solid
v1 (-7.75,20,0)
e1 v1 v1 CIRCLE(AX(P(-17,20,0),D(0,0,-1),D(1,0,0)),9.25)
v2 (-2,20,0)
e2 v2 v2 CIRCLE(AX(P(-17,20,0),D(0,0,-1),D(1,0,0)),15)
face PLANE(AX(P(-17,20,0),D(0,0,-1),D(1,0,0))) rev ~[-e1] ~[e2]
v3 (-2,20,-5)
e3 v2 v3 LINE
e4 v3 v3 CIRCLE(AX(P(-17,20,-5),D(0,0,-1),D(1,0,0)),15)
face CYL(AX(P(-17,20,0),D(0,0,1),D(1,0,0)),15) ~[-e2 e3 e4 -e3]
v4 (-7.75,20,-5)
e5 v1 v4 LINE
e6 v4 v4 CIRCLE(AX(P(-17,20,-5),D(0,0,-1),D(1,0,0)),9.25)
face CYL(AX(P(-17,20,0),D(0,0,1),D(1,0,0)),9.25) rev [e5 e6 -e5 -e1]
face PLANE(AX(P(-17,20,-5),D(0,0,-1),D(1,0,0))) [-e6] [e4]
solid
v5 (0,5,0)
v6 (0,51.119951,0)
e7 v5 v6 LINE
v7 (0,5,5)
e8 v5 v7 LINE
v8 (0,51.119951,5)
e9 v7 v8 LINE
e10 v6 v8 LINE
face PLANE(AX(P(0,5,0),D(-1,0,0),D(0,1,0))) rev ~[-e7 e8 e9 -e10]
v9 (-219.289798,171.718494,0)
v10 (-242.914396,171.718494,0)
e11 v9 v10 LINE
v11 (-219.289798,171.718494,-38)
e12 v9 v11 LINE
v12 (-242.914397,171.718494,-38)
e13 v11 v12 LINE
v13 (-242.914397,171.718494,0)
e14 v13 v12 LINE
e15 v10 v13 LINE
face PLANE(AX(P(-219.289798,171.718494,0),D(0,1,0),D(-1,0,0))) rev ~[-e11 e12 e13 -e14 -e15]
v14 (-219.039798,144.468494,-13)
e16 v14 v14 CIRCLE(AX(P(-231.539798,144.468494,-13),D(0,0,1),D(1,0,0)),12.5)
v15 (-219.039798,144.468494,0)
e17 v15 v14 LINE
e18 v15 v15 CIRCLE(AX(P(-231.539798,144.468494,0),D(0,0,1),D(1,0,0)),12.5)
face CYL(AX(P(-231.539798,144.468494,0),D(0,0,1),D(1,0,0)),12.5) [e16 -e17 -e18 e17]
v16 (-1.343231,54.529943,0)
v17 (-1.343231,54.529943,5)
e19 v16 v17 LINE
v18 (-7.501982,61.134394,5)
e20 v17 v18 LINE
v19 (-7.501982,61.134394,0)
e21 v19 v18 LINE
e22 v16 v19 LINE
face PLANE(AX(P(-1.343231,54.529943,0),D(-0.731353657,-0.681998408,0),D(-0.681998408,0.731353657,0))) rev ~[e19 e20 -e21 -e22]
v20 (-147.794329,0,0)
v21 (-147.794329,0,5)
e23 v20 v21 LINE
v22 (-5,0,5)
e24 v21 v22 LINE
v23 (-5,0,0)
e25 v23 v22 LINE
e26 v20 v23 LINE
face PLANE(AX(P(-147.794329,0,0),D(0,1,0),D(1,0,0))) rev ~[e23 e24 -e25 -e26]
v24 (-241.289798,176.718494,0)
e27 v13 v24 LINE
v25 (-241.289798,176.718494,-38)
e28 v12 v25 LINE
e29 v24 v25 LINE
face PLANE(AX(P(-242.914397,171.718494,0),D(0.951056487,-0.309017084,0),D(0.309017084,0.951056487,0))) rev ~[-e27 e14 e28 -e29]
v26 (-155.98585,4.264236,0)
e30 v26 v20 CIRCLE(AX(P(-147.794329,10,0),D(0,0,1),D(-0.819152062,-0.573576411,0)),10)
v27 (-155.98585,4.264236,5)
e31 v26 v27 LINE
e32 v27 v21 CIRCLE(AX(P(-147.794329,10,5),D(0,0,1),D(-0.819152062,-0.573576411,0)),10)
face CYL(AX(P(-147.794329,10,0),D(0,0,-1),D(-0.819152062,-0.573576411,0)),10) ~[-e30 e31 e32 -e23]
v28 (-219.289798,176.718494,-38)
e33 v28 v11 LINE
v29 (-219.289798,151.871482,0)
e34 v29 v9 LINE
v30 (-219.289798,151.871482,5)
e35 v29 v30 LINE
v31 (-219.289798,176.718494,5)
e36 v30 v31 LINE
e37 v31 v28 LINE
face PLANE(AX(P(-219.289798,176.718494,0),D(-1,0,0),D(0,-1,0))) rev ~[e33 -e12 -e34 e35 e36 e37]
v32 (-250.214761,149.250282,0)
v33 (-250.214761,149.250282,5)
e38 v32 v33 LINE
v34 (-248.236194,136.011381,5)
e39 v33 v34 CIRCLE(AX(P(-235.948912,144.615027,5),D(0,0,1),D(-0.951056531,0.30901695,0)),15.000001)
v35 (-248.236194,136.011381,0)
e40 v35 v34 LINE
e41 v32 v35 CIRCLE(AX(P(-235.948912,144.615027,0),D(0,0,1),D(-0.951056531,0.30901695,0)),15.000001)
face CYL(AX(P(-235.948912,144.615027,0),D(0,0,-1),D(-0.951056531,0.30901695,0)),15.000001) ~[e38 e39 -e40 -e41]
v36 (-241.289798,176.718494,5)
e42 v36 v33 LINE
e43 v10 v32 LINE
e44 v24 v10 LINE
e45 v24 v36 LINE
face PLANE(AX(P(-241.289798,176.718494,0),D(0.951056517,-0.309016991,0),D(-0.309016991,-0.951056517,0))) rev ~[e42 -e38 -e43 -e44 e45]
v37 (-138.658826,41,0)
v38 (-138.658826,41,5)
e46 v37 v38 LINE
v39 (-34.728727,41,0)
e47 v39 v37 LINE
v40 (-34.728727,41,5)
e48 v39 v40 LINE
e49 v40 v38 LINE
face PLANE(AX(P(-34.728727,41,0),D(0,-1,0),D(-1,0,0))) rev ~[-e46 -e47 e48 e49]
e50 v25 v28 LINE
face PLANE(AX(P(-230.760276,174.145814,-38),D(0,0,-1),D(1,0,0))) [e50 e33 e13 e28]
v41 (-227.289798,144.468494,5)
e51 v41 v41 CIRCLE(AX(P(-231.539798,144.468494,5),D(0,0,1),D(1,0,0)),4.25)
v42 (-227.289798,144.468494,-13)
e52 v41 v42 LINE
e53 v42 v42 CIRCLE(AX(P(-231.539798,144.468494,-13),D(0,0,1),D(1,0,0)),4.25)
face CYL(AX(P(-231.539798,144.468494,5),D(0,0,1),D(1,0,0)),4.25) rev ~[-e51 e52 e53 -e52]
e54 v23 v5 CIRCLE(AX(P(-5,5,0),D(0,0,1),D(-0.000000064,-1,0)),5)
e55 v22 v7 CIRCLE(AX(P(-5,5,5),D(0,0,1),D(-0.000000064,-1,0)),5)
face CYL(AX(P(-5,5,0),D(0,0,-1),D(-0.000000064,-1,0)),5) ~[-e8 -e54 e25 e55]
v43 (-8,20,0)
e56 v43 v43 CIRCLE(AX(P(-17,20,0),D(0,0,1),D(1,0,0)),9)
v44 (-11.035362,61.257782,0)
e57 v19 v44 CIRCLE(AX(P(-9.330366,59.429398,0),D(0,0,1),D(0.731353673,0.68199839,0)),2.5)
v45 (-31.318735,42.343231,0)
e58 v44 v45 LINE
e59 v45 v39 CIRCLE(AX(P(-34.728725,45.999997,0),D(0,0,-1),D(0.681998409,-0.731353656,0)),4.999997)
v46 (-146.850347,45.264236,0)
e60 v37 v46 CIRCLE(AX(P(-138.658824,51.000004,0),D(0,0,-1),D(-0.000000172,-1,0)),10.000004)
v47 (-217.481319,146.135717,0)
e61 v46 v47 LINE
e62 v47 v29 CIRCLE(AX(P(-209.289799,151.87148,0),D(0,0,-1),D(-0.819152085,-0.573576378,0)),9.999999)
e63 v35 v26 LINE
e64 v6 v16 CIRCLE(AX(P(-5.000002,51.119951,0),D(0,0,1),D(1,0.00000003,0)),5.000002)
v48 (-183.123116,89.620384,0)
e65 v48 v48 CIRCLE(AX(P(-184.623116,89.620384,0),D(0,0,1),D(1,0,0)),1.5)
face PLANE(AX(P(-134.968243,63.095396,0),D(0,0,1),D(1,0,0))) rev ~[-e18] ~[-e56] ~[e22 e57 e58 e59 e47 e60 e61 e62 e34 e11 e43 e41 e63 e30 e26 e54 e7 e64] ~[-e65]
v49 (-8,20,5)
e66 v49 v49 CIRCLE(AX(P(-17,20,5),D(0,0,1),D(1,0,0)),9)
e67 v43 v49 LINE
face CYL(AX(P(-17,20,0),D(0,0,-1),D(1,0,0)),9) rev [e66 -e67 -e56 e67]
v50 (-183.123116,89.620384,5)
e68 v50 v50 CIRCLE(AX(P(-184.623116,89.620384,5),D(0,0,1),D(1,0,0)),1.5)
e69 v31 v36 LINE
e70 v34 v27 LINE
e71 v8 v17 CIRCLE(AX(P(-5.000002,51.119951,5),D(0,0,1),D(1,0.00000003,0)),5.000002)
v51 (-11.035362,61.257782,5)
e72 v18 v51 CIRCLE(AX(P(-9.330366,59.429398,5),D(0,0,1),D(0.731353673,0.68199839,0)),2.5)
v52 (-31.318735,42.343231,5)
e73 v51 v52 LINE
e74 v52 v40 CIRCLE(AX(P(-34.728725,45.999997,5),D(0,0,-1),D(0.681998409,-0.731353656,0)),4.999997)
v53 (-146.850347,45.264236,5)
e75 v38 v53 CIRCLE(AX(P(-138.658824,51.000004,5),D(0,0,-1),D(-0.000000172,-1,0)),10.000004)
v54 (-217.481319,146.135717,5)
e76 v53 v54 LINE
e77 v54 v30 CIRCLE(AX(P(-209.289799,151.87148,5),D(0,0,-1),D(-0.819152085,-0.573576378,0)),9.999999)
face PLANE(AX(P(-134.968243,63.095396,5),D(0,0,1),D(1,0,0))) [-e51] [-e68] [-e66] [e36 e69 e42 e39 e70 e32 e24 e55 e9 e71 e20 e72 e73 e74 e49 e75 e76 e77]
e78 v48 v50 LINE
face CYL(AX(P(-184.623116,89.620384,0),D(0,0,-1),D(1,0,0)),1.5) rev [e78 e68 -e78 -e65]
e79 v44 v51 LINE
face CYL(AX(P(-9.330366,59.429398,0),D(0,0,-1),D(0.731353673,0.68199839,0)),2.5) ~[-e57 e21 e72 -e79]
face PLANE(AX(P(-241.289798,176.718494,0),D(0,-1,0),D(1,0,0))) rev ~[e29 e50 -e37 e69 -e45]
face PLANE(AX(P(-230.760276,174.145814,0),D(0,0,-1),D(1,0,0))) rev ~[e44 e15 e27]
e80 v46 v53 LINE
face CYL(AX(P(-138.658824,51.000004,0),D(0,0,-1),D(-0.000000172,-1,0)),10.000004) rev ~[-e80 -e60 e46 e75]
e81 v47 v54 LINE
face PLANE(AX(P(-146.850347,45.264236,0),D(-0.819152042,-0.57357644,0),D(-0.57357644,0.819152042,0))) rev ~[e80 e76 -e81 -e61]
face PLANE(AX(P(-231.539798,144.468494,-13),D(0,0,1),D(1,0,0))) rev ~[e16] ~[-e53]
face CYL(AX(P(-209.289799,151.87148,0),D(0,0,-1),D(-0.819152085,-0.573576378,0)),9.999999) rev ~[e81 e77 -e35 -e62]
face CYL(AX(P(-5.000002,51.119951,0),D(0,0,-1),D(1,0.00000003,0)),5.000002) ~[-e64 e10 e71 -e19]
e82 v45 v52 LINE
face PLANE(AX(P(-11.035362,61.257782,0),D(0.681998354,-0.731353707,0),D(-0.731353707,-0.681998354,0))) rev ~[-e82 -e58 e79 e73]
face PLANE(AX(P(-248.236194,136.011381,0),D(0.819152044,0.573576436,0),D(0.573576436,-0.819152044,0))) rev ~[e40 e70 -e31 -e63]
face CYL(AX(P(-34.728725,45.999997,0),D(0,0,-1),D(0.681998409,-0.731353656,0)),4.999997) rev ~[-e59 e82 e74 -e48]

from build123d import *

# Parameters (mm, degrees)
F0_R     = 9
F0_R_2   = 1.5
F1_DEPTH = 5
F3_DEPTH = 38
F4_R     = 12.5
F5_DEPTH = 13
F6_R     = 4.25
F7_DEPTH = 43.001
F8_R     = 15
F8_R_2   = 9.25
F9_DEPTH = 5


with BuildPart() as f1:
    # F0 (on Top) → F1 (new body)
    with BuildSketch(Plane.XY):
        with BuildLine():
            Line((-147.794329, 0), (-5, 0))
            ThreePointArc((-5, 0), (-1.464466, 1.464466), (0, 5))
            Line((0, 5), (0, 51.119951))
            ThreePointArc((0, 51.119951), (-0.347912, 52.952457), (-1.343231, 54.529943))
            Line((-1.343231, 54.529943), (-7.501982, 61.134394))
            ThreePointArc((-7.501982, 61.134394), (-9.243117, 61.927875), (-11.035362, 61.257782))
            Line((-11.035362, 61.257782), (-31.318735, 42.343231))
            ThreePointArc((-31.318735, 42.343231), (-32.89622, 41.347912), (-34.728727, 41))
            Line((-34.728727, 41), (-138.658826, 41))
            ThreePointArc((-138.658826, 41), (-143.276312, 42.129892), (-146.850347, 45.264236))
            Line((-146.850347, 45.264236), (-217.481319, 146.135717))
            ThreePointArc((-217.481319, 146.135717), (-218.826968, 148.864424), (-219.289798, 151.871482))
            Line((-219.289798, 151.871482), (-219.289798, 176.718494))
            Line((-219.289798, 176.718494), (-241.289798, 176.718494))
            Line((-241.289798, 176.718494), (-250.214761, 149.250282))
            ThreePointArc((-250.214761, 149.250282), (-250.784151, 142.397886), (-248.236194, 136.011381))
            Line((-248.236194, 136.011381), (-155.98585, 4.264236))
            ThreePointArc((-155.98585, 4.264236), (-152.411816, 1.129892), (-147.794329, 0))
        make_face()
        with Locations((-17, 20)):
            Circle(F0_R, mode=Mode.SUBTRACT)
        with Locations((-184.623116, 89.620384)):
            Circle(F0_R_2, mode=Mode.SUBTRACT)
    extrude(amount=F1_DEPTH)

    # F2 (on face) → F3 (join)
    with BuildSketch(Plane(origin=(0, 0, 0), x_dir=(1, 0, 0), z_dir=(0, 0, -1))):
        Polygon((-242.914397, -171.718494), (-241.289798, -176.718494), (-219.289798, -176.718494), (-219.289798, -171.718494), align=None)
    extrude(amount=F3_DEPTH)

    # F4 (on face) → F5 (join)
    with BuildSketch(Plane.XY):
        with Locations((-231.539798, 144.468494)):
            Circle(F4_R)
    extrude(amount=-F5_DEPTH)

    # F6 (on face) → F7 (cut, through all)
    with BuildSketch(Plane.XY.offset(5)):
        with Locations((-231.539798, 144.468494)):
            Circle(F6_R)
    extrude(amount=-F7_DEPTH, mode=Mode.SUBTRACT)


with BuildPart() as f9:
    # F8 (on face) → F9 (new body)
    with BuildSketch(Plane(origin=(0, 0, 0), x_dir=(1, 0, 0), z_dir=(0, 0, -1))):
        with Locations((-17, -20)):
            Circle(F8_R)
        with Locations((-17, -20)):
            Circle(F8_R_2, mode=Mode.SUBTRACT)
    extrude(amount=F9_DEPTH)


solid = Compound([f1.part, f9.part])
